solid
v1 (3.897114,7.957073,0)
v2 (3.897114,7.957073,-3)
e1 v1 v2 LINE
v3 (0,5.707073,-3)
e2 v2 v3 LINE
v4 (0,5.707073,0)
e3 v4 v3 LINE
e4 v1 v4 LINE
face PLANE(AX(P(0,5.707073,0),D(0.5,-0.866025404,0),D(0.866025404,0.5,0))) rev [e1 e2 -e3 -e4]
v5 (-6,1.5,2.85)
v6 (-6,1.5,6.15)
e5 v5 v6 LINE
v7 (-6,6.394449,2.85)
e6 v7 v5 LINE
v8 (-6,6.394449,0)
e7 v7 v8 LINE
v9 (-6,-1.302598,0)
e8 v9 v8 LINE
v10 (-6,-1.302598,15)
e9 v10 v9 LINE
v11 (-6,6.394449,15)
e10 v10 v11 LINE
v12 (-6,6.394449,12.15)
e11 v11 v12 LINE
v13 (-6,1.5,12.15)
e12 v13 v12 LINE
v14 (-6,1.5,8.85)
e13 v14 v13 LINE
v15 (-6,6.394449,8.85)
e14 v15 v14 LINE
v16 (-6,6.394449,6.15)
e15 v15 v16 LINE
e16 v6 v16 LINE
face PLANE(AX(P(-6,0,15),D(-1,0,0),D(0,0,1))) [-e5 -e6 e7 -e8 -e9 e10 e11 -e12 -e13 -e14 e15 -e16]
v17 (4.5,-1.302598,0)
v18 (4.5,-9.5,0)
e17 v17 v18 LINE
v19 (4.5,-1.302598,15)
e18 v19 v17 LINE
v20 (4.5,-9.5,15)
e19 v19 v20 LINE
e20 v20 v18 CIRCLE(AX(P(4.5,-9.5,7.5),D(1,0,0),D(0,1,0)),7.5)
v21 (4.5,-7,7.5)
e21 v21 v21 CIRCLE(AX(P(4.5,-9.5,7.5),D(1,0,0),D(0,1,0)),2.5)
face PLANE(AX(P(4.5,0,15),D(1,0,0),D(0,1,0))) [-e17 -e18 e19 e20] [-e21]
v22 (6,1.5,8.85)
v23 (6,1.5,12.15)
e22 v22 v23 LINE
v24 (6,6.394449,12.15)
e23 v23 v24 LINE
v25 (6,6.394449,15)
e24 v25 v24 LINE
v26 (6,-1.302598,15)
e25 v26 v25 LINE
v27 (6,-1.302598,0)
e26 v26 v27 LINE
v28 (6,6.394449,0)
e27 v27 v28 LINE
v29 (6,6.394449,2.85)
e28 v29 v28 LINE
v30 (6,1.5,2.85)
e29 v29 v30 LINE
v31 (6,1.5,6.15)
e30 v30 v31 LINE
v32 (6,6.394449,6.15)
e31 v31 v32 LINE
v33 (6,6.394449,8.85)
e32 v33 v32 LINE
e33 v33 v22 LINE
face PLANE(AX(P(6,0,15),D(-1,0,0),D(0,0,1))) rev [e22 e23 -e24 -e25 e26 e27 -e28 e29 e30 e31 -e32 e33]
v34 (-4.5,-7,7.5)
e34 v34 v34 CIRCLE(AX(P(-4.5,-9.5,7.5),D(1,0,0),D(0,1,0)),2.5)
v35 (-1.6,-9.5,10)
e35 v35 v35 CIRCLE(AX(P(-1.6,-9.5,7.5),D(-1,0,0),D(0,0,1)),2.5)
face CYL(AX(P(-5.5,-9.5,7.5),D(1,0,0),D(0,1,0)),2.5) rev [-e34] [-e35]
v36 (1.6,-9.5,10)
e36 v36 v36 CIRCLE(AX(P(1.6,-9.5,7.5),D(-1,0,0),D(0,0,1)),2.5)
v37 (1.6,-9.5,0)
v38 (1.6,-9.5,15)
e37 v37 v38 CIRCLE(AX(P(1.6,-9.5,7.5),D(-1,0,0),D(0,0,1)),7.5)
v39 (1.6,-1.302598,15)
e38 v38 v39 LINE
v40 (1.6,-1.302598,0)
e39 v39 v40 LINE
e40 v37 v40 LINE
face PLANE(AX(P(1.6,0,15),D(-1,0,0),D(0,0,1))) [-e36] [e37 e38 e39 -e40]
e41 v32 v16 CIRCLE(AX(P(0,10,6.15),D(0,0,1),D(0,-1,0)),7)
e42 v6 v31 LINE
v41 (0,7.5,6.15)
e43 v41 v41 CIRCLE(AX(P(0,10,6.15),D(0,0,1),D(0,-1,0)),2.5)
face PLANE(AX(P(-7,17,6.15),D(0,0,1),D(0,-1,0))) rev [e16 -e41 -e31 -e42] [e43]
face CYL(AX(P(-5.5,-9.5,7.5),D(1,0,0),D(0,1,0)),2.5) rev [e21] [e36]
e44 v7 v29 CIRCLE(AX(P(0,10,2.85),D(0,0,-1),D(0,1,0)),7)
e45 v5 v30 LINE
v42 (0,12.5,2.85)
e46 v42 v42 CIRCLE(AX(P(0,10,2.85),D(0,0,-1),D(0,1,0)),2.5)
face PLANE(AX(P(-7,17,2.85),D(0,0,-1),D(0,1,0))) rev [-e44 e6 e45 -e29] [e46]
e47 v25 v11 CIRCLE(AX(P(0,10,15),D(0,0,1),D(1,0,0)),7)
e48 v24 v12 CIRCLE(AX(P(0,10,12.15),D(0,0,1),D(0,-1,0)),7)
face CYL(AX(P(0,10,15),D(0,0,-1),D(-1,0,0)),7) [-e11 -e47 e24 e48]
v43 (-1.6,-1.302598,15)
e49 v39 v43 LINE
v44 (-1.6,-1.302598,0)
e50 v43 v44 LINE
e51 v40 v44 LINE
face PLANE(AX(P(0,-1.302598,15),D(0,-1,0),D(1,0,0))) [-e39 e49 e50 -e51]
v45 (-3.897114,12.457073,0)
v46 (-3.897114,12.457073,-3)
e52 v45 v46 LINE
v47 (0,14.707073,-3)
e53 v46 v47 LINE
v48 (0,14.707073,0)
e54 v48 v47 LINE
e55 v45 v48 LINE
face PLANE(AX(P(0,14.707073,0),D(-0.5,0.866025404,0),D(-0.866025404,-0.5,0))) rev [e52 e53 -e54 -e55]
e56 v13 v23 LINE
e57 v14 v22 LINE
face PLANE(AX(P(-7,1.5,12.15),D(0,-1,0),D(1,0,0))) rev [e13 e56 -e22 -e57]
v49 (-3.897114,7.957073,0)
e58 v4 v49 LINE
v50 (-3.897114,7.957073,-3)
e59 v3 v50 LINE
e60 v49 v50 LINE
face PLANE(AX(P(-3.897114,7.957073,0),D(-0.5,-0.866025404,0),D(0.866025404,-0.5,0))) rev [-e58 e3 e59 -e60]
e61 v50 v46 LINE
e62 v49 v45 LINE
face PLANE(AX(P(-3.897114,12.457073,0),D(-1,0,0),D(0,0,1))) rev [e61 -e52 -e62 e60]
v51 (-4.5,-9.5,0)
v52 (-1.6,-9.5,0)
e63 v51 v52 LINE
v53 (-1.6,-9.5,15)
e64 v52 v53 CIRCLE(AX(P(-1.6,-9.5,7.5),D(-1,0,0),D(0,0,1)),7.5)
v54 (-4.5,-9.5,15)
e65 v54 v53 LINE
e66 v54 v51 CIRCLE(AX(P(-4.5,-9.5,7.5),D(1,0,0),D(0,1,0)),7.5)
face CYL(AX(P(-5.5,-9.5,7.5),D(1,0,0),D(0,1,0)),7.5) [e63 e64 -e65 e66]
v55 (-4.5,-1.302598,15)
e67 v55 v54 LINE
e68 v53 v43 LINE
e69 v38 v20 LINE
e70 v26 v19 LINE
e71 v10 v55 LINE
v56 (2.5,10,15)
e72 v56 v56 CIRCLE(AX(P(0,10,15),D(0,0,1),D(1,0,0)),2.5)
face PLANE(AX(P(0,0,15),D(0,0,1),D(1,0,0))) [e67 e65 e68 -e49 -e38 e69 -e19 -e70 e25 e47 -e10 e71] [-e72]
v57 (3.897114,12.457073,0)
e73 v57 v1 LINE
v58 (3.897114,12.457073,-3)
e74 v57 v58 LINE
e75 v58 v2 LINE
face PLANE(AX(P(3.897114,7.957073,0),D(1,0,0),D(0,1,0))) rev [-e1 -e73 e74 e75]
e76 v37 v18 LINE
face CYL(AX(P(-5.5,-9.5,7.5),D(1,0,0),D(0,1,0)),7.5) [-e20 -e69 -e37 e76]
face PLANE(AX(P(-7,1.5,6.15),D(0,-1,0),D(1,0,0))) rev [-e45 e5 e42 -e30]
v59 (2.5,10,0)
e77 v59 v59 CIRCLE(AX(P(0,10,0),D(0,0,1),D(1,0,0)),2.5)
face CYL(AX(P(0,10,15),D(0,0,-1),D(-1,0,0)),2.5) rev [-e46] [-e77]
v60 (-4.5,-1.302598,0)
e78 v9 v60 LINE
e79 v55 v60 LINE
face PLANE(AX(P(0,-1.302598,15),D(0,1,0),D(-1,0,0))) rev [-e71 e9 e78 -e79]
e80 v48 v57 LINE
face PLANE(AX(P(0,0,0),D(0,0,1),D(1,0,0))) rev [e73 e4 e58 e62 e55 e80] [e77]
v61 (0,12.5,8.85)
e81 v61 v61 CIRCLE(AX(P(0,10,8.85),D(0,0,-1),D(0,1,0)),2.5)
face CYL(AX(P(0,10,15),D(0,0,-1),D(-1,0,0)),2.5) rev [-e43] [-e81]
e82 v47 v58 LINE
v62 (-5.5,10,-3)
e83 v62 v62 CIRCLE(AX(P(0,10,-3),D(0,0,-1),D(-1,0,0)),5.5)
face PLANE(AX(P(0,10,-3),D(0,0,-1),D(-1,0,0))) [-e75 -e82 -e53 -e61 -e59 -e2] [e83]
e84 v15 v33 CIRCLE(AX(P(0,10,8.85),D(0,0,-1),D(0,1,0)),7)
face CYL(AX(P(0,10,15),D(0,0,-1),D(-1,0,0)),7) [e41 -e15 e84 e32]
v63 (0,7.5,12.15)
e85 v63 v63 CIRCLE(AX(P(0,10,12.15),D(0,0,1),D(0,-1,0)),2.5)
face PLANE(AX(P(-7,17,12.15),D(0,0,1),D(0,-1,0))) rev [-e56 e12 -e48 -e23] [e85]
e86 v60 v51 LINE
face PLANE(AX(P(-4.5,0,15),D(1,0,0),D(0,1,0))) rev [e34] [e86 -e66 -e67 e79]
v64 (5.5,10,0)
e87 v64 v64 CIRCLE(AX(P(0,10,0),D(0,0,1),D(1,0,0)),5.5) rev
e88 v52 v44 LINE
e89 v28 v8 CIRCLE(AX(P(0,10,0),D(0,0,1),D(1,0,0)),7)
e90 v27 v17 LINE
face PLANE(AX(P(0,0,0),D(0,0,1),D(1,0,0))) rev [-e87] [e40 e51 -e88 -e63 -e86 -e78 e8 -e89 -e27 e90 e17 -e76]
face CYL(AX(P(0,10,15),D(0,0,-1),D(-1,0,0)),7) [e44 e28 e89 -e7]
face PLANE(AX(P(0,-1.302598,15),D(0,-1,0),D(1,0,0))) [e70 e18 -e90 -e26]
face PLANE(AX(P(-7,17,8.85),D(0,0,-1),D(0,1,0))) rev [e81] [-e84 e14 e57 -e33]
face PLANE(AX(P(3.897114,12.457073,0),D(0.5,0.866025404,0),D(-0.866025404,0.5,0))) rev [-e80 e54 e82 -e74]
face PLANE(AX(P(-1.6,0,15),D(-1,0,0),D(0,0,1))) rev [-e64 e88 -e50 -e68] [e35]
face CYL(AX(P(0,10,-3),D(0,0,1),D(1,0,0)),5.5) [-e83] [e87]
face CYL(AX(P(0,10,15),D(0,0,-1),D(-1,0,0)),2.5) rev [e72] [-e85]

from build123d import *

# Parameters (mm, degrees)
ESQUISSE1_R                  = 2.5
BOSS_EXTRU_1_DEPTH           = 15
ESQUISSE2_W                  = 3.3
ESQUISSE2_H                  = 15.5
ENL_V_MAT_EXTRU_1_DEPTH      = 3.5
ENL_V_MAT_EXTRU_1_DEPTH_BACK = 12.5
ESQUISSE5_R                  = 2.5
ENL_V_MAT_EXTRU_4_DEPTH      = 10
ESQUISSE6_R                  = 5.5
ESQUISSE6_R_2                = 2.5
BOSS_EXTRU_2_DEPTH           = 3
ENL_V_MAT_EXTRU_5_DEPTH      = 3


with BuildPart() as part:
    # Esquisse1 → Boss.-Extru.1 (new body)
    with BuildSketch(Plane.XY):
        with BuildLine():
            Line((-4.5, -1.302598386), (-4.5, -17))
            Line((-4.5, -17), (-1.6, -17))
            Line((-1.6, -17), (-1.6, -1.302598386))
            Line((-1.6, -1.302598386), (1.6, -1.302598386))
            Line((1.6, -1.302598386), (1.6, -17))
            Line((1.6, -17), (4.5, -17))
            Line((4.5, -17), (4.5, -1.302598386))
            Line((4.5, -1.302598386), (6, -1.302598386))
            Line((6, -1.302598386), (6, 6.394448725))
            ThreePointArc((6, 6.394448725), (0, 3), (-6, 6.394448725))
            Line((-6, 6.394448725), (-6, -1.302598386))
            Line((-6, -1.302598386), (-4.5, -1.302598386))
        make_face()
        with BuildLine():
            Line((-6, 13.605551275), (-6, 6.394448725))
            ThreePointArc((-6, 6.394448725), (0, 3), (6, 6.394448725))
            Line((6, 6.394448725), (6, 13.605551275))
            ThreePointArc((6, 13.605551275), (3.446820352, 16.092571663), (0, 17))
            ThreePointArc((0, 17), (-3.446820352, 16.092571663), (-6, 13.605551275))
        make_face()
        with Locations((0, 10)):
            Circle(ESQUISSE1_R, mode=Mode.SUBTRACT)
        with BuildLine():
            Line((6, 13.605551275), (6, 6.394448725))
            ThreePointArc((6, 6.394448725), (6.745368782, 8.129171307), (7, 10))
            ThreePointArc((7, 10), (6.745368782, 11.870828693), (6, 13.605551275))
        make_face()
        with BuildLine():
            ThreePointArc((-6, 13.605551275), (-7, 10), (-6, 6.394448725))
            Line((-6, 6.394448725), (-6, 13.605551275))
        make_face()
    extrude(amount=BOSS_EXTRU_1_DEPTH)

    # Esquisse2 → Enlèv. mat.-Extru.1 (cut, two sides)
    with BuildSketch(Plane(origin=(4.5, 0, 0), x_dir=(0, 0, -1), z_dir=(1, 0, 0))) as enl_v_mat_extru_1_sk:
        with Locations((-10.5, 9.25)):
            Rectangle(ESQUISSE2_W, ESQUISSE2_H)
        with Locations((-4.5, 9.25)):
            Rectangle(ESQUISSE2_W, ESQUISSE2_H)
    extrude(amount=ENL_V_MAT_EXTRU_1_DEPTH, mode=Mode.SUBTRACT)
    extrude(enl_v_mat_extru_1_sk.sketch, amount=-ENL_V_MAT_EXTRU_1_DEPTH_BACK, mode=Mode.SUBTRACT)

    # Esquisse5 → Enlèv. mat.-Extru.4 (cut)
    with BuildSketch(Plane(origin=(4.5, 0, 0), x_dir=(0, 0, -1), z_dir=(1, 0, 0))):
        with BuildLine():
            ThreePointArc((-7.5, -17), (-12.803300859, -14.803300859), (-15, -9.5))
            Line((-15, -9.5), (-15, -17))
            Line((-15, -17), (-7.5, -17))
        make_face()
        with BuildLine():
            Line((0, -17), (0, -9.5))
            ThreePointArc((0, -9.5), (-2.196699141, -14.803300859), (-7.5, -17))
            Line((-7.5, -17), (0, -17))
        make_face()
        with Locations((-7.5, -9.5)):
            Circle(ESQUISSE5_R)
    extrude(amount=-ENL_V_MAT_EXTRU_4_DEPTH, mode=Mode.SUBTRACT)

    # Esquisse6 → Boss.-Extru.2 (add)
    with BuildSketch(Plane(origin=(0, 0, 0), x_dir=(-1, 0, 0), z_dir=(0, 0, -1))):
        with Locations((0, 10)):
            Circle(ESQUISSE6_R)
        with Locations((0, 10)):
            Circle(ESQUISSE6_R_2, mode=Mode.SUBTRACT)
    extrude(amount=BOSS_EXTRU_2_DEPTH)

    # Esquisse7 → Enlèv. mat.-Extru.5 (cut)
    with BuildSketch(Plane(origin=(0, 0, -3), x_dir=(-1, 0, 0), z_dir=(0, 0, -1))):
        Polygon((0, 14.70707265), (3.897114317, 12.45707265), (3.897114317, 7.95707265), (0, 5.70707265), (-3.897114317, 7.95707265), (-3.897114317, 12.45707265), align=None)
    extrude(amount=-ENL_V_MAT_EXTRU_5_DEPTH, mode=Mode.SUBTRACT)


solid = part.part
